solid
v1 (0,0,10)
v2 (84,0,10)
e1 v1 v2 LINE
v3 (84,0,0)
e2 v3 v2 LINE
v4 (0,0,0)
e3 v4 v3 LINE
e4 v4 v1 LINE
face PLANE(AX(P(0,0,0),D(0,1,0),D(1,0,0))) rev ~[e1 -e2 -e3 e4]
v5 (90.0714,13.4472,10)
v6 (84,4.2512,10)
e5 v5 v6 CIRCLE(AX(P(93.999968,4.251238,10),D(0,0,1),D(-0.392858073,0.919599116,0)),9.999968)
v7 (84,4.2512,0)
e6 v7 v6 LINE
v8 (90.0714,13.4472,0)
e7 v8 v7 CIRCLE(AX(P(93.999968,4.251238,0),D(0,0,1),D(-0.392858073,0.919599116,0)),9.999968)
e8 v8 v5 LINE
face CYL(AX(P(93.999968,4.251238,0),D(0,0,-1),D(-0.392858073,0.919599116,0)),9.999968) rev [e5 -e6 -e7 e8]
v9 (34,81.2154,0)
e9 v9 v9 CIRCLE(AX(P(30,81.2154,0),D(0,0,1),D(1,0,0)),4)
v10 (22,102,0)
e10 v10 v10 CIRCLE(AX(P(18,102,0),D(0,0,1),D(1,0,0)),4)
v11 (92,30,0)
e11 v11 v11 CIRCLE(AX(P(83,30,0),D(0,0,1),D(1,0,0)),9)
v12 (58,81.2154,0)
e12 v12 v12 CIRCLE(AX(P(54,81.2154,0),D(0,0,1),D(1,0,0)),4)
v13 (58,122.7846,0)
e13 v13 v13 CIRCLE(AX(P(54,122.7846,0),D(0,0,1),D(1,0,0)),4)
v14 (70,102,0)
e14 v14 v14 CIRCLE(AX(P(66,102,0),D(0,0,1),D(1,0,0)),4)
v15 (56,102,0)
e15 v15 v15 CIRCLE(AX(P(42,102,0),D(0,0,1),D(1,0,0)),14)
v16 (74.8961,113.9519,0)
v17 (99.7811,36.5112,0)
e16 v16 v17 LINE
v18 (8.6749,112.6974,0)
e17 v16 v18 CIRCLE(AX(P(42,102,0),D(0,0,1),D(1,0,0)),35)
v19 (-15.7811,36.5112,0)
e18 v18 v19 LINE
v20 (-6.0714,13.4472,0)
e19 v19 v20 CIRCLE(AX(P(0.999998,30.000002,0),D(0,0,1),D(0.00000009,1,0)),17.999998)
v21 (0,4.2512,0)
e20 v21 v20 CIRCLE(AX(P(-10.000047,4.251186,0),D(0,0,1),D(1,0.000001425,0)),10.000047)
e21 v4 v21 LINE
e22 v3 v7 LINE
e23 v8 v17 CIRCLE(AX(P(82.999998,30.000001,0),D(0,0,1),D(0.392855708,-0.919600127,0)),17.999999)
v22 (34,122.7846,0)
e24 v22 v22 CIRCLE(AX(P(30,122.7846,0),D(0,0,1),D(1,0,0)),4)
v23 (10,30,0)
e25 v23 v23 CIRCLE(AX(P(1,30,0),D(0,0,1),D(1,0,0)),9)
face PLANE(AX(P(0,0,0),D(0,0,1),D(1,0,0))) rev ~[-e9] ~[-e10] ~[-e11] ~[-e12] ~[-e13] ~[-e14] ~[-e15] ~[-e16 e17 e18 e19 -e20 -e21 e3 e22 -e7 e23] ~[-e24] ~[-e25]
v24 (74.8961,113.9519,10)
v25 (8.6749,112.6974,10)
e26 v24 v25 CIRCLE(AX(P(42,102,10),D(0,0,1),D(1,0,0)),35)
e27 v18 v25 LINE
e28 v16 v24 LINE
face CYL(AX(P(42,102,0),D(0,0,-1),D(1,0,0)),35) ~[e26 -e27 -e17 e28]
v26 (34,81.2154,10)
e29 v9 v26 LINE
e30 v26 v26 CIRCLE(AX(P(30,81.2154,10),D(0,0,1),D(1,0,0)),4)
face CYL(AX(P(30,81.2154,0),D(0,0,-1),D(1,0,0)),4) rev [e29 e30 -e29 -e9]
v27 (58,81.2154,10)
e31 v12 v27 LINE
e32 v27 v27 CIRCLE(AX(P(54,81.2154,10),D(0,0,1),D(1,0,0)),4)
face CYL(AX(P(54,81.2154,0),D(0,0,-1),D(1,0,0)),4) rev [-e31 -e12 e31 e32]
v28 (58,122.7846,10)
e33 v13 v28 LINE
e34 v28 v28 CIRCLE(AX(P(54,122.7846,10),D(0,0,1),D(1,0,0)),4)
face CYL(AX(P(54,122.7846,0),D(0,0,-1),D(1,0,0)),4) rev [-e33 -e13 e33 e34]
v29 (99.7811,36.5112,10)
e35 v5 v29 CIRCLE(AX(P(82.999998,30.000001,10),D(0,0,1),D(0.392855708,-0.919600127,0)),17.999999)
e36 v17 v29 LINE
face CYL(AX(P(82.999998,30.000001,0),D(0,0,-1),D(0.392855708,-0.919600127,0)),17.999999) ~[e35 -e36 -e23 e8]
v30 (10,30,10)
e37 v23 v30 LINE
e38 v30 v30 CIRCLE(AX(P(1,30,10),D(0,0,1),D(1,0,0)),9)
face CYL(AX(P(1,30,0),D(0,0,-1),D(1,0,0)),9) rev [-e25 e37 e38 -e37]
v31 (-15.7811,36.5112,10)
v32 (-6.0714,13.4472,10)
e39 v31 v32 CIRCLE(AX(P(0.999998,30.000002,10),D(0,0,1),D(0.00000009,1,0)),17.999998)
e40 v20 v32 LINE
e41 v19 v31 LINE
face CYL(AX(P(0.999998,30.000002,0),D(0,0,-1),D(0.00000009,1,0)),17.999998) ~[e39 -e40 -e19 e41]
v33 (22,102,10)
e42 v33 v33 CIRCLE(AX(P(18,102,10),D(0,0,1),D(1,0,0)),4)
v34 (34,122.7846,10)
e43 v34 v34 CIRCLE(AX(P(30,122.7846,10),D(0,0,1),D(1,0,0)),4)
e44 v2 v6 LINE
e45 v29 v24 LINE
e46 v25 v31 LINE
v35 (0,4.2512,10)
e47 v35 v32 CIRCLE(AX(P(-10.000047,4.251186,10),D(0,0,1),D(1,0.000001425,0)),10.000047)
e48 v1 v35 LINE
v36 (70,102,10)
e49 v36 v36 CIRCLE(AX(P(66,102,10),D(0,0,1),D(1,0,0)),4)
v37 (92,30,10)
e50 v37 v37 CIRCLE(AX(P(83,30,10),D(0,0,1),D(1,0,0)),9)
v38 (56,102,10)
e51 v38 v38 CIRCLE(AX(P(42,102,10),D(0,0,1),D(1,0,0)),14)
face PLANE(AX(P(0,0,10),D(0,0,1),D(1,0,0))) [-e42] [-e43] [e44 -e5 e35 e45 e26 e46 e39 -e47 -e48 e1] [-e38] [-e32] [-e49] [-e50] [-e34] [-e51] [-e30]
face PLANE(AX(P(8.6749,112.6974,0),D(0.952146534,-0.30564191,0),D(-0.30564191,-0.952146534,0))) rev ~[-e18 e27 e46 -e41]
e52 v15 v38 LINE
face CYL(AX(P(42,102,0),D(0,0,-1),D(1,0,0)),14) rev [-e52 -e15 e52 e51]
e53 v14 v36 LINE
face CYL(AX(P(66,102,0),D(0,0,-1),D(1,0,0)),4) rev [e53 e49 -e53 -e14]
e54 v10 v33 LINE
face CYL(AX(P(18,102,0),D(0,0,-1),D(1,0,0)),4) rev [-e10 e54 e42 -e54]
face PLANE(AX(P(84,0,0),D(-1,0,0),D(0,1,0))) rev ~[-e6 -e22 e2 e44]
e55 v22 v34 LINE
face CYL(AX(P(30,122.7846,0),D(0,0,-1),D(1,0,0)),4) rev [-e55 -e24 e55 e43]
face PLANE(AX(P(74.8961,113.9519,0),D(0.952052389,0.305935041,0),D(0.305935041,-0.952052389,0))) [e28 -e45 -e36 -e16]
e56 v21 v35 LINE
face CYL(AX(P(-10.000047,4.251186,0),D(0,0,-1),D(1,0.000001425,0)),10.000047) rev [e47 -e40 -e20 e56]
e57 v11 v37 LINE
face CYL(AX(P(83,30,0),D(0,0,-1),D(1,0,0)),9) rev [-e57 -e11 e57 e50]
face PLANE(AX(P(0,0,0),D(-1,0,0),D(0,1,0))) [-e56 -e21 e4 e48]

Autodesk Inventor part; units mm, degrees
ref_plane "YZ Plane" through (0, 0, 0) normal (1, 0, 0) x (0, 1, 0)
ref_plane "XZ Plane" through (0, 0, 0) normal (0, 1, 0) x (-1, 0, 0)
ref_plane "XY Plane" through (0, 0, 0) normal (0, 0, 1) x (1, 0, 0)
sketch "Эскиз1" plane through (0, 0, 0) normal (0, 0, 1) x (1, 0, 0)
  line L0 (0, 0) -> (84, 0)
  circle A0 centre (1, 30) radius 9
  circle A1 centre (83, 30) radius 9
  circle A2 centre (42, 102) radius 14
  circle A3 centre (18, 102) radius 4
  circle A4 centre (66, 102) radius 4
  circle A5 centre (30, 122.7846) radius 4
  circle A6 centre (54, 81.2154) radius 4
  circle A7 centre (54, 122.7846) radius 4
  circle A8 centre (30, 81.2154) radius 4
  arc A9 (90.0714, 13.4472) -> (83, 48) centre (83, 30) ccw
  arc A10 (1, 48) -> (-6.0714, 13.4472) centre (1, 30) ccw
  line L1 (84, 0) -> (84, 4.2512)
  line L2 (0, 0) -> (0, 4.2512)
  arc A11 (0, 4.2512) -> (-6.0714, 13.4472) centre (-10, 4.2512) ccw
  arc A12 (90.0714, 13.4472) -> (84, 4.2512) centre (94, 4.2512) ccw
  line L3 (83, 48) -> (64, 48)
  line L4 (56, 63.9343) -> (56, 56)
  line L5 (1, 48) -> (20, 48)
  line L6 (28, 63.9343) -> (28, 56)
  arc A13 (20, 48) -> (28, 56) centre (20, 56) ccw
  arc A14 (56, 56) -> (64, 48) centre (64, 56) ccw
  arc A15 (60.6667, 72.3933) -> (56, 63.9343) centre (66, 63.9343) ccw
  arc A16 (28, 63.9343) -> (23.3333, 72.3933) centre (18, 63.9343) ccw
  circle A17 centre (42, 102) radius 35
  line L7 (74.8961, 113.9519) -> (99.7811, 36.5112)
  line L8 (8.6749, 112.6974) -> (-15.7811, 36.5112)
  point P0 (84, 12.0278)
  point P1 (0, 12.0278)
  point P2 (56, 69.922)
  point P3 (28, 69.922)
  dimension "d0" = 84
  dimension "d2" = 18
  dimension "d3" = 18
  dimension "d4" = 82
  dimension "d5" = 28
  dimension "d6" = 8
  dimension "d7" = 8
  dimension "d8" = 8
  dimension "d9" = 8
  dimension "d10" = 8
  dimension "d11" = 8
  dimension "d12" = 18
  dimension "d13" = 10
  dimension "d14" = 10
  dimension "d16" = 8
  dimension "d17" = 8
  dimension "d18" = 10
  dimension "d19" = 10
  dimension "d20" = 70
  dimension "d21" = 30
  dimension "d22" = 72
  dimension "d23" = 28
  dimension "d134" = 17.814
  dimension "d135" = 35.611
  dimension "d136" = 28
  dimension "d137" = 106.1669
  dimension "d138" = 15.7811
  dimension "d139" = 12.126
  dimension "d140" = 18
  dimension "d141" = 26.2614
  dimension "d142" = 31.4603
  dimension "d143" = 17.1919
  dimension "d144" = 30
  dimension "d145" = 29.9094
  dimension "d146" = 30
  dimension "d147" = 40.0412
  dimension "d148" = 54
  dimension "d149" = 52.7587
  dimension "d150" = 54
  dimension "d151" = 58.1178
  dimension "d152" = 61.8047
  dimension "d153" = 57.8246
  dimension "d154" = 66
  dimension "d155" = 90.5299
  dimension "d156" = 90.5299
extrude "Выдавливание1" add sketch "Эскиз1" along normal blind 10 contours L2 A11 A10 L5 A13 L6 A16 A17 A15 L4 A14 L3 A9 A12 L1 L0 | L8 A17 A16 L6 A13 L5 A10 | A9 L3 A14 L4 A15 A17 L7 | A17 L7 picked at (19.1339, 115.3288)
properties part number "LR3"
